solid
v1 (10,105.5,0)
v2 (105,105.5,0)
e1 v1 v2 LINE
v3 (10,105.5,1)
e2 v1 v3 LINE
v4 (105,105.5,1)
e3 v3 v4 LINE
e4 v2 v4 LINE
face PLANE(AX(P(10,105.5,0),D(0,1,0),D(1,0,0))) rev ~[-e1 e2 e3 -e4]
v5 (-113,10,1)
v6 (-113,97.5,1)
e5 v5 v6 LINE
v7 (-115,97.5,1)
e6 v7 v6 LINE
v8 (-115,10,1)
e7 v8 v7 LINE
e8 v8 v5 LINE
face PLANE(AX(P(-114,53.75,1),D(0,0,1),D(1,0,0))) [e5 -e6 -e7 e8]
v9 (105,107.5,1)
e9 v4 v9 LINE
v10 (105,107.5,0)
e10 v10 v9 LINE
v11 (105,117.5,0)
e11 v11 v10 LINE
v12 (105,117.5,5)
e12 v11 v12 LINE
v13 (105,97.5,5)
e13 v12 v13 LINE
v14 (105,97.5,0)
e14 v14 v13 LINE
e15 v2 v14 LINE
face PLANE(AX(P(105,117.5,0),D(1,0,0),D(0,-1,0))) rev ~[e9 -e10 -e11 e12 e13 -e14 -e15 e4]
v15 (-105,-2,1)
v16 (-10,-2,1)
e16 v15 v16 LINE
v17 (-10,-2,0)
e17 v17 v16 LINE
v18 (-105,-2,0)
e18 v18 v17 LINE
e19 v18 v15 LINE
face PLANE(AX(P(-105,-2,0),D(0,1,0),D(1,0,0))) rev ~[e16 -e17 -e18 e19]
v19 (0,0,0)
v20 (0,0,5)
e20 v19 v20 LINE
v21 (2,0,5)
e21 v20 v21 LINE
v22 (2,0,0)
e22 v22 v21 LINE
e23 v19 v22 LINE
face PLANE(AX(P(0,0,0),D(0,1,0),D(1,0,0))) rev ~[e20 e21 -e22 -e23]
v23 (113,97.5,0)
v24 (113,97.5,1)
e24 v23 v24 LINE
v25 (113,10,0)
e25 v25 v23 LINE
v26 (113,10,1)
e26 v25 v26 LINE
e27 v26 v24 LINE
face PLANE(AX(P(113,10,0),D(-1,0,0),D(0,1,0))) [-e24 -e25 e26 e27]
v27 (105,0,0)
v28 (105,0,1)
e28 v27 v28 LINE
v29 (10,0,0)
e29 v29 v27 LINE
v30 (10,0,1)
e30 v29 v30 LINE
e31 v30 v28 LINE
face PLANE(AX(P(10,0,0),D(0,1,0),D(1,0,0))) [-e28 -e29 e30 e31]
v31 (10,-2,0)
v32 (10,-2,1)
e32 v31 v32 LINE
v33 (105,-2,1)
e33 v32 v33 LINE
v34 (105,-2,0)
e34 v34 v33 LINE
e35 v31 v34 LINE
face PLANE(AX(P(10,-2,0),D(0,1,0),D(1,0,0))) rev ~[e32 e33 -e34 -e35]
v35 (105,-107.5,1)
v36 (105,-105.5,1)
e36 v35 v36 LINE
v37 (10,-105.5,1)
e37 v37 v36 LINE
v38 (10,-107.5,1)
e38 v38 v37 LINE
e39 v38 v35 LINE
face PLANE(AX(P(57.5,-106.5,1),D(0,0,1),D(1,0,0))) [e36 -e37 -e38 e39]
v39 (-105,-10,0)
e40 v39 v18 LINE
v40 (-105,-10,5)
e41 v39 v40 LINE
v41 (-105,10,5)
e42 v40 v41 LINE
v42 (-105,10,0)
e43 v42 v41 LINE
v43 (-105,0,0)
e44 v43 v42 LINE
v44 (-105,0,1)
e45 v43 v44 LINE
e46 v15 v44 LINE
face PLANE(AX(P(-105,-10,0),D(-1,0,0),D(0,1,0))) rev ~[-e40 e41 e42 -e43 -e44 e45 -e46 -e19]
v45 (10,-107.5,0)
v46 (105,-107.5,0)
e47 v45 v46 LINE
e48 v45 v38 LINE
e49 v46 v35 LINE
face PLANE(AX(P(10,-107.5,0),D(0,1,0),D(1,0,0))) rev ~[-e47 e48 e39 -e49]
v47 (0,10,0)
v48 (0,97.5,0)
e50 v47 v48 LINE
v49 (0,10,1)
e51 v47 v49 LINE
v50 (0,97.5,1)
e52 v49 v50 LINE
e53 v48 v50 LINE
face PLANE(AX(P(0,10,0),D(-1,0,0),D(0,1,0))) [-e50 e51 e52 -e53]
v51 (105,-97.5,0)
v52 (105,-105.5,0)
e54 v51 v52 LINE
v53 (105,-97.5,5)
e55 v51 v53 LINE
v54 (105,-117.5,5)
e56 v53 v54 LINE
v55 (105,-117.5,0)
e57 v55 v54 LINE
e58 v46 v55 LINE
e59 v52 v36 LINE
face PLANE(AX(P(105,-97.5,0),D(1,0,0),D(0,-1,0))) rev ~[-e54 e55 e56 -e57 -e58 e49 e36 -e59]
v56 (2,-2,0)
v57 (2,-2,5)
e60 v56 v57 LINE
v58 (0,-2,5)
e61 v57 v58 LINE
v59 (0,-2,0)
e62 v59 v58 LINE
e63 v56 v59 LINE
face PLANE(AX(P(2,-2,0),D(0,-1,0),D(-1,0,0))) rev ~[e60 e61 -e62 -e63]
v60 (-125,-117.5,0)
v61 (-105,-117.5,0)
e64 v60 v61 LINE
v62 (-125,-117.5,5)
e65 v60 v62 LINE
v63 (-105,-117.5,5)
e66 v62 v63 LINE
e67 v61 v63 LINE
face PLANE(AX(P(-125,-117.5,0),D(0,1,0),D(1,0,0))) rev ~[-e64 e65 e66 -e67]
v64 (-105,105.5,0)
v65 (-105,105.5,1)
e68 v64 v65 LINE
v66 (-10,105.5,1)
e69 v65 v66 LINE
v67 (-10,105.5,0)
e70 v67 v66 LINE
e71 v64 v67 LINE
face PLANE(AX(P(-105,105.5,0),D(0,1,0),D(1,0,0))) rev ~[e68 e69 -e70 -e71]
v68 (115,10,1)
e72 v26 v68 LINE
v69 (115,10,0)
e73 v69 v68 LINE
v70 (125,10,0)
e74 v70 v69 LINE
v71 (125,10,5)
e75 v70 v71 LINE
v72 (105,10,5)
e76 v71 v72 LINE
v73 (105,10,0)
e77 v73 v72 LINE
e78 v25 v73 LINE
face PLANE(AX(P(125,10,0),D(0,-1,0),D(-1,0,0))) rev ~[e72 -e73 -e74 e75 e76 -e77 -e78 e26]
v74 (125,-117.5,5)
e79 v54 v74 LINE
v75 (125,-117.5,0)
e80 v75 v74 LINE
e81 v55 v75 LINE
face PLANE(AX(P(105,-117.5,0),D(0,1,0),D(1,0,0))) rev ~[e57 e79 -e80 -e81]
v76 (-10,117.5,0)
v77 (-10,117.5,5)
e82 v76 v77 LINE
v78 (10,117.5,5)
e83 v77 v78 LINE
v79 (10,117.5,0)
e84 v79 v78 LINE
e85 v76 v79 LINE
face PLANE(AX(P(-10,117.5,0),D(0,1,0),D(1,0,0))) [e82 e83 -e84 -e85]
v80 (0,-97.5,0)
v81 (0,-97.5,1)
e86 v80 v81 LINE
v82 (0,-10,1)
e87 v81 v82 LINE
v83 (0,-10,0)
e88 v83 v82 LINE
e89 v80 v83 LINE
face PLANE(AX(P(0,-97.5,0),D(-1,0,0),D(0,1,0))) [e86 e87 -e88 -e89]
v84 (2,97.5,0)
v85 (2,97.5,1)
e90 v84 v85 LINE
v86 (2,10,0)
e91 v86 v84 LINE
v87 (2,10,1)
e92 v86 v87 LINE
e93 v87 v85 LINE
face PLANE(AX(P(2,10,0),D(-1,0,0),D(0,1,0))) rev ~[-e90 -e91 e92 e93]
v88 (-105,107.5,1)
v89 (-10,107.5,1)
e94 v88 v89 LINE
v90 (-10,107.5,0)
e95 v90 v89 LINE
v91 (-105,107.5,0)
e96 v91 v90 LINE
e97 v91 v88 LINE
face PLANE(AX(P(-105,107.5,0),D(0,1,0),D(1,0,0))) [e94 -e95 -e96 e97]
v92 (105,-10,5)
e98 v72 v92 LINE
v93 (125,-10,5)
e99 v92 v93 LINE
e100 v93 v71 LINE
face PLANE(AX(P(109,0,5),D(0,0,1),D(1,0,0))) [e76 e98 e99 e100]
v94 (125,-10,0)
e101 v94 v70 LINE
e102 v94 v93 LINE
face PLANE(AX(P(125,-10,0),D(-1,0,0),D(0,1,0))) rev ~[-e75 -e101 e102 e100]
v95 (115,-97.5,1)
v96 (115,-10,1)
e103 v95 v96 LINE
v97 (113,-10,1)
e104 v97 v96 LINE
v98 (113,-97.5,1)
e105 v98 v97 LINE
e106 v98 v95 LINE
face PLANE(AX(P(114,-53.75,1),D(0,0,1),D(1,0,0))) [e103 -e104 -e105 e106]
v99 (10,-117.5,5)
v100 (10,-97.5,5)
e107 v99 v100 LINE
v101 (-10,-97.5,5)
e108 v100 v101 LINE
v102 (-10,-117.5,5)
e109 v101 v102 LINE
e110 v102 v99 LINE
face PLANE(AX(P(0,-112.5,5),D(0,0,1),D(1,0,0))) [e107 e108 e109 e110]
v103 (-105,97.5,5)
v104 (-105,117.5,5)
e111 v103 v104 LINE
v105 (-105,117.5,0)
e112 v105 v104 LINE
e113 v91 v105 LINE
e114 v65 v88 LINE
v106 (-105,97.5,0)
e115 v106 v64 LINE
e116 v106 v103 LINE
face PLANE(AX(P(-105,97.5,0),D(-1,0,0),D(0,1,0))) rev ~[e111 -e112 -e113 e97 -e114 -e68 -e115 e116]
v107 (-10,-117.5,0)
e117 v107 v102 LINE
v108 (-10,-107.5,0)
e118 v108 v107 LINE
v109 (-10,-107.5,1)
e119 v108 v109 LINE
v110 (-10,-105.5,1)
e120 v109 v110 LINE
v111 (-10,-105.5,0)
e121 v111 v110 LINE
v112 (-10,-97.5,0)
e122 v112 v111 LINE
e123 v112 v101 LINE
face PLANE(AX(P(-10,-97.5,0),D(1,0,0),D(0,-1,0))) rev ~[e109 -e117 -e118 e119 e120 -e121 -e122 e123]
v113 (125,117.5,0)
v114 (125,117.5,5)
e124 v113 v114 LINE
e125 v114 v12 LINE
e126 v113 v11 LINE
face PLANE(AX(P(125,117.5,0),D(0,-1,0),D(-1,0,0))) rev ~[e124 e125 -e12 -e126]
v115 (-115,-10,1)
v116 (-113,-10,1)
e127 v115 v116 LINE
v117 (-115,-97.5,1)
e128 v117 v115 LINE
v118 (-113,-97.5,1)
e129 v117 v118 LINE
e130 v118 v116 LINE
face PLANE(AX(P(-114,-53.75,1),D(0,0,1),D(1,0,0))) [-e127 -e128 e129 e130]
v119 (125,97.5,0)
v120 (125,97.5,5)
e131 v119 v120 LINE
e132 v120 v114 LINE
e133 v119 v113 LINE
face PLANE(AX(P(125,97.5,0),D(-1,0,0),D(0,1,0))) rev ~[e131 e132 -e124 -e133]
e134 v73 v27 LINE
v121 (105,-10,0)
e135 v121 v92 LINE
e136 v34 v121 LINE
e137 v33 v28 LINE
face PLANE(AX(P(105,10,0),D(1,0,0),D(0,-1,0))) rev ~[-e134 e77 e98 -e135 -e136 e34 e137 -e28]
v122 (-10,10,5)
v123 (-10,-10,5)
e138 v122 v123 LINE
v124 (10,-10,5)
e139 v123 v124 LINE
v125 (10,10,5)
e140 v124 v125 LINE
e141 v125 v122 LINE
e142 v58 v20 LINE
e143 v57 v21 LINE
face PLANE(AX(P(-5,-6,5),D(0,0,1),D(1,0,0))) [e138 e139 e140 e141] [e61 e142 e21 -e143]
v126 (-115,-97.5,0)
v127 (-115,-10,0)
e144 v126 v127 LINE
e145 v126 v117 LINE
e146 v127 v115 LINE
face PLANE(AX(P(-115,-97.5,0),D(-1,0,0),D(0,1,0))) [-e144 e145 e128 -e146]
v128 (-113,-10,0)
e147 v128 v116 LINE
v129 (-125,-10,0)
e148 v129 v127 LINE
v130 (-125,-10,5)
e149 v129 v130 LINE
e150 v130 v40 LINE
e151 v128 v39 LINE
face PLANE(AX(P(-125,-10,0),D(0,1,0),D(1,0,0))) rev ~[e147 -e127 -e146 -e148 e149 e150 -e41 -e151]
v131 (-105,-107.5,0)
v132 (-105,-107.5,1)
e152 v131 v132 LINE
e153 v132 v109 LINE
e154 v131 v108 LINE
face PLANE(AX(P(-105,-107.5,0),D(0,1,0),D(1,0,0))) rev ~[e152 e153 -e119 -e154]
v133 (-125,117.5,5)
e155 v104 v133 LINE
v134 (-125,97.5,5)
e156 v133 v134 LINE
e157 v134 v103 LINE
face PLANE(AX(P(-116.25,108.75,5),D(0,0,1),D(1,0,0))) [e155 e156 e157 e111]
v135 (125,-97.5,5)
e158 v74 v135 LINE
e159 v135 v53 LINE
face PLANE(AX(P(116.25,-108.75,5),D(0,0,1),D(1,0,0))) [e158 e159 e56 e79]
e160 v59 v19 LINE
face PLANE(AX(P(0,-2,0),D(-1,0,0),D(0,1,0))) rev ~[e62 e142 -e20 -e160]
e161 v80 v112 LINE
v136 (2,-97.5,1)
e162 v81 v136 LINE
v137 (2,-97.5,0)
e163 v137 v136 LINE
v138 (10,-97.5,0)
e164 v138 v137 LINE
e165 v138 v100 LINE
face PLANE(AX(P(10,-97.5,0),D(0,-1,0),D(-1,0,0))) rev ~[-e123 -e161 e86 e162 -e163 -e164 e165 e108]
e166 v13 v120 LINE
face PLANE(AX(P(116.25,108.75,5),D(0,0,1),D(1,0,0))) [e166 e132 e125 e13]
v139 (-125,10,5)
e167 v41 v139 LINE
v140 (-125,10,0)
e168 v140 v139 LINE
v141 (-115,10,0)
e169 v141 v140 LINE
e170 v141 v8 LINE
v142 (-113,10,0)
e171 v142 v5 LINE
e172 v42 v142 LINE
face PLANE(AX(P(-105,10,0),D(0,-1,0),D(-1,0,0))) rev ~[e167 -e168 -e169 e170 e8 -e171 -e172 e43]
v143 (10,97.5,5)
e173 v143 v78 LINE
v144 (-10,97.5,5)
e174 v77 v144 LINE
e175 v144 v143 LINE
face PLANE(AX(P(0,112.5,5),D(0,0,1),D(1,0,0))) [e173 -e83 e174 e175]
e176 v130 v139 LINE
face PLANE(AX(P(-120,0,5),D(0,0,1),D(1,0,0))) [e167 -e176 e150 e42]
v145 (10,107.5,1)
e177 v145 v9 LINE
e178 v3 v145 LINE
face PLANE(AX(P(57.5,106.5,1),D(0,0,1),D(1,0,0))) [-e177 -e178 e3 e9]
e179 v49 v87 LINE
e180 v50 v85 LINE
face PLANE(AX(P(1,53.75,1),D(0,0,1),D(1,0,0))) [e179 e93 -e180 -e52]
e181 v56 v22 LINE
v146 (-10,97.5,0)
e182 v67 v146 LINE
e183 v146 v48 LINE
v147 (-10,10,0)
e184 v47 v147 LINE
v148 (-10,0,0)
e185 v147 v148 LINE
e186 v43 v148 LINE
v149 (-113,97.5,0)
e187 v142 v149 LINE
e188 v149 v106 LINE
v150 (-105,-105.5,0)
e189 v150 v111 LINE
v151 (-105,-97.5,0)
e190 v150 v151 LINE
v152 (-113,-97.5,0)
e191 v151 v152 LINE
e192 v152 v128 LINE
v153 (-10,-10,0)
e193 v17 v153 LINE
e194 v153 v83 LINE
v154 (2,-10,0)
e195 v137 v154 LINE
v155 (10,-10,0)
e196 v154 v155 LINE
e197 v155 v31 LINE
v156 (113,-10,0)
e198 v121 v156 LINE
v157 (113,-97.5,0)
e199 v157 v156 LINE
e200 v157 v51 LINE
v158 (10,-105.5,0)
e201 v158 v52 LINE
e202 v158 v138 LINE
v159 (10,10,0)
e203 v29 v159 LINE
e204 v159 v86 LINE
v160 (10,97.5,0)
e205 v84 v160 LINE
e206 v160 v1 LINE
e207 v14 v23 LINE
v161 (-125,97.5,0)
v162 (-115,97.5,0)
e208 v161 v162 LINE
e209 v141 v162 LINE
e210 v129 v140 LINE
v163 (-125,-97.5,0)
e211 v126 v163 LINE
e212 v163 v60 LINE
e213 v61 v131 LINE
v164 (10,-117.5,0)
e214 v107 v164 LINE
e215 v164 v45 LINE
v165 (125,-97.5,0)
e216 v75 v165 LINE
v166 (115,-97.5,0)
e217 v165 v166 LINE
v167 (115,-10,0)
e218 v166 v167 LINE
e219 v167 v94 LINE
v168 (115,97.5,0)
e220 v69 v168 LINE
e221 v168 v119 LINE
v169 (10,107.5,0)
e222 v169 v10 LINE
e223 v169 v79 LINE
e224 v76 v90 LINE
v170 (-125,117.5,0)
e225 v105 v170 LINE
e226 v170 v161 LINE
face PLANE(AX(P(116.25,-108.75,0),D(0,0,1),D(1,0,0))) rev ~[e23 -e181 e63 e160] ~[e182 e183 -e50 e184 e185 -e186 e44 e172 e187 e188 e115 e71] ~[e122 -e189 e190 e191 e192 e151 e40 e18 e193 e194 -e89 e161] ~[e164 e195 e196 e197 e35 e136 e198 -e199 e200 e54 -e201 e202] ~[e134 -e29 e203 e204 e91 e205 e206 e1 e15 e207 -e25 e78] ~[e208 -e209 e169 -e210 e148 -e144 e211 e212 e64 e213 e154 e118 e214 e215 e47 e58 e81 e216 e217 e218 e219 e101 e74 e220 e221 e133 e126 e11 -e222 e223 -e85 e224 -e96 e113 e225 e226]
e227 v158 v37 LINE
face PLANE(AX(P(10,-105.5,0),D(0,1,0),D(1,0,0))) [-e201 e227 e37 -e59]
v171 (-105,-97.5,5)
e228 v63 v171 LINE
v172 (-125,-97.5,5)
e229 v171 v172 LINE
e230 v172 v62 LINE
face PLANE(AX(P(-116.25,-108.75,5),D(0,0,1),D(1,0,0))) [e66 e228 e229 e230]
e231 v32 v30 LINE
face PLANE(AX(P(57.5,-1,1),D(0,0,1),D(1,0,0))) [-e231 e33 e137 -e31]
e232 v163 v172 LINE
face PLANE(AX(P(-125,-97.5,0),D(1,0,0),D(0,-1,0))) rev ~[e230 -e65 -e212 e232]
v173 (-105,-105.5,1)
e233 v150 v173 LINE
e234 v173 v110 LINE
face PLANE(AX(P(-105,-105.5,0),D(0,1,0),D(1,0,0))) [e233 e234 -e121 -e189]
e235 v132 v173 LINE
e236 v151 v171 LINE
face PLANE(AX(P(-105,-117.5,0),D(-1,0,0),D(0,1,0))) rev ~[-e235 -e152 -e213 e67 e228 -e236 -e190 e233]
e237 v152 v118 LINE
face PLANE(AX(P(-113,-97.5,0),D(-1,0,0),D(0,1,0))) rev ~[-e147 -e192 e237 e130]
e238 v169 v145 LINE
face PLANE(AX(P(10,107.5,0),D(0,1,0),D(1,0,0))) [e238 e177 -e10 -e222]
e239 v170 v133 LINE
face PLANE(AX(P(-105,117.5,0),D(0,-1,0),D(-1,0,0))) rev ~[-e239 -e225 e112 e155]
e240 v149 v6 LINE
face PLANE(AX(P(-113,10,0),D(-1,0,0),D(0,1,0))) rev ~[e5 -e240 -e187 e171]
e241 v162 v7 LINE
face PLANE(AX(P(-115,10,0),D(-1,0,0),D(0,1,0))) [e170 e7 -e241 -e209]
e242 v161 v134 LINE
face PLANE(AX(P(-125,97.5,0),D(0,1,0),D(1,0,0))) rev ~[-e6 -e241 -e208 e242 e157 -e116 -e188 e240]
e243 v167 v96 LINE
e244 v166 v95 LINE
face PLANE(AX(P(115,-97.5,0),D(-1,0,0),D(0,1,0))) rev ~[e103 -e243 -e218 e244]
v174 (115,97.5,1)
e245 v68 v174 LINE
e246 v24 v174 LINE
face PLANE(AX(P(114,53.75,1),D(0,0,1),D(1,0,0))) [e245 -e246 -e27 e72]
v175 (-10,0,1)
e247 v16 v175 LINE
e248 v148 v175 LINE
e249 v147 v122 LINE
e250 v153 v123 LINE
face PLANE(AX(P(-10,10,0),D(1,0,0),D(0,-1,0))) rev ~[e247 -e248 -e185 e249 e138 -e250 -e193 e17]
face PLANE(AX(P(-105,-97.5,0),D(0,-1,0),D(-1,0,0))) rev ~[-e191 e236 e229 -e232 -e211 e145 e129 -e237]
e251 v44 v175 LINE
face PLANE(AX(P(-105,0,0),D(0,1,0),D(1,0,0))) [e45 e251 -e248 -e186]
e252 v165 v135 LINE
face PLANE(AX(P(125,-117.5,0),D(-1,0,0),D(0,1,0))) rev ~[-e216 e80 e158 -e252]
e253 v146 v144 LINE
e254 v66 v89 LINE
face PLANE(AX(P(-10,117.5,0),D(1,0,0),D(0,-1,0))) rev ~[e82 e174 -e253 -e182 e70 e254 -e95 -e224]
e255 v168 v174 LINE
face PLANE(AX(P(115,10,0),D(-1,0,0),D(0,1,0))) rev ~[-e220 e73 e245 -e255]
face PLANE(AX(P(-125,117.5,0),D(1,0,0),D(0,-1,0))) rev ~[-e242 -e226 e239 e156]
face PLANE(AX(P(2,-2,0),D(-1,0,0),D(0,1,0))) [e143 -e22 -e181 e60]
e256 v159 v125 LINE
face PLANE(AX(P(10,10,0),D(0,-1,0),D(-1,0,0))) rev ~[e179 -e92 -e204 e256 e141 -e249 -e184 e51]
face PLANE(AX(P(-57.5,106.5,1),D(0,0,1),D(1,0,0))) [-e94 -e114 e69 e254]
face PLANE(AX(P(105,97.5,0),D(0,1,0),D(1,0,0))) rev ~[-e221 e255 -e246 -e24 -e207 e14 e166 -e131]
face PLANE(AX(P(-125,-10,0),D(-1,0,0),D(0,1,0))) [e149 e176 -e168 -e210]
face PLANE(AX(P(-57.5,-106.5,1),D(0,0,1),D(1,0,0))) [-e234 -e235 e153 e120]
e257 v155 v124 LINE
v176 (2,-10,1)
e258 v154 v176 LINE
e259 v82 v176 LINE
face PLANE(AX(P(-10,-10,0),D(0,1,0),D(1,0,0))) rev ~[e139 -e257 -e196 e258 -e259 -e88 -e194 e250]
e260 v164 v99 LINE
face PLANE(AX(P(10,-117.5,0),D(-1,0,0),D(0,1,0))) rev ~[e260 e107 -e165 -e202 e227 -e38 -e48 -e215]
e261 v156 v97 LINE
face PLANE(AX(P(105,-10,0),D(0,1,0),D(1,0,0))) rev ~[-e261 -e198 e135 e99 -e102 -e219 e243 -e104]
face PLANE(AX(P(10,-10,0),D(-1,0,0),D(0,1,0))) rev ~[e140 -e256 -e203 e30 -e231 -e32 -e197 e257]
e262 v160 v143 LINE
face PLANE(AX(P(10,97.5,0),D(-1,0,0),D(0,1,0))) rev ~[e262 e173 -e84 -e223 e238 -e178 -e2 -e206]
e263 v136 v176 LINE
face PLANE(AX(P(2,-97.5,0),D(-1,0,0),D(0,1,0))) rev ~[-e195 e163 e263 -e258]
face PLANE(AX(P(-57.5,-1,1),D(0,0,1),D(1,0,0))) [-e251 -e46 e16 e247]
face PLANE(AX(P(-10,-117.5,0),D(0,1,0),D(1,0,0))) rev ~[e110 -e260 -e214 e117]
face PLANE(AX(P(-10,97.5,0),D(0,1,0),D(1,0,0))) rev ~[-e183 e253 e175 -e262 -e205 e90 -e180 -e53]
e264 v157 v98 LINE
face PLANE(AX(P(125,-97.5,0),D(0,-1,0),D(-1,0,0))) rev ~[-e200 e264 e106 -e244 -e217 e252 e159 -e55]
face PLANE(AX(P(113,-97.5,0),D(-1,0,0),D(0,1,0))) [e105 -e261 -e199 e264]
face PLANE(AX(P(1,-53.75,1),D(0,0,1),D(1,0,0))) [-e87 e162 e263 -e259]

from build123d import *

# Parameters (mm, degrees)
F2_W     = 8
F2_H     = 8
F3_DEPTH = 5
F2_W_2   = 20
F2_H_2   = 10
F2_H_3   = 2
F2_W_3   = 10
F2_H_4   = 20
F2_W_4   = 2
F2_W_5   = 95
F2_H_5   = 87.5
F4_DEPTH = 1


with BuildPart() as f3:
    # F2 (on Top) → F3 (new body)
    with BuildSketch(Plane.XY):
        Polygon((-105, 117.5), (-125, 117.5), (-125, 97.5), (-115, 97.5), (-115, 107.5), (-105, 107.5), align=None)
        Polygon((-105, 105.5), (-105, 107.5), (-115, 107.5), (-115, 97.5), (-113, 97.5), (-113, 105.5), align=None)
        with Locations((-109, 101.5)):
            Rectangle(F2_W, F2_H)
    extrude(amount=F3_DEPTH)



with BuildPart() as f3b:
    # F2 (on Top) → F3, piece 2 (new body)
    with BuildSketch(Plane.XY):
        with Locations((0, 112.5)):
            Rectangle(F2_W_2, F2_H_2)
        with Locations((0, 106.5)):
            Rectangle(F2_W_2, F2_H_3)
        Polygon((10, 105.5), (-10, 105.5), (-10, 97.5), (0, 97.5), (2, 97.5), (10, 97.5), align=None)
    extrude(amount=F3_DEPTH)


with BuildPart() as f3c:
    # F2 (on Top) → F3, piece 3 (new body)
    with BuildSketch(Plane.XY):
        Polygon((105, 117.5), (105, 107.5), (115, 107.5), (115, 97.5), (125, 97.5), (125, 117.5), align=None)
        Polygon((115, 107.5), (105, 107.5), (105, 105.5), (113, 105.5), (113, 97.5), (115, 97.5), align=None)
        with Locations((109, 101.5)):
            Rectangle(F2_W, F2_H)
    extrude(amount=F3_DEPTH)


with BuildPart() as f3d:
    # F2 (on Top) → F3, piece 4 (new body)
    with BuildSketch(Plane.XY):
        with Locations((-120, 0)):
            Rectangle(F2_W_3, F2_H_4)
        with Locations((-114, 0)):
            Rectangle(F2_W_4, F2_H_4)
        Polygon((-105, 10), (-113, 10), (-113, -10), (-105, -10), (-105, -2), (-105, 0), align=None)
    extrude(amount=F3_DEPTH)


with BuildPart() as f3e:
    # F2 (on Top) → F3, piece 5 (new body)
    with BuildSketch(Plane.XY):
        with Locations((-5, -6)):
            Rectangle(F2_W_3, F2_H)
        with Locations((-5, -1)):
            Rectangle(F2_W_3, F2_H_3)
        with Locations((-5, 5)):
            Rectangle(F2_W_3, F2_H_2)
        with Locations((6, 5)):
            Rectangle(F2_W, F2_H_2)
        with Locations((1, 5)):
            Rectangle(F2_W_4, F2_H_2)
        with Locations((1, -6)):
            Rectangle(F2_W_4, F2_H)
        with Locations((6, -6)):
            Rectangle(F2_W, F2_H)
        with Locations((6, -1)):
            Rectangle(F2_W, F2_H_3)
    extrude(amount=F3_DEPTH)


with BuildPart() as f3f:
    # F2 (on Top) → F3, piece 6 (new body)
    with BuildSketch(Plane.XY):
        Polygon((113, -10), (113, 10), (105, 10), (105, 0), (105, -2), (105, -10), align=None)
        with Locations((114, 0)):
            Rectangle(F2_W_4, F2_H_4)
        with Locations((120, 0)):
            Rectangle(F2_W_3, F2_H_4)
    extrude(amount=F3_DEPTH)


with BuildPart() as f3g:
    # F2 (on Top) → F3, piece 7 (new body)
    with BuildSketch(Plane.XY):
        Polygon((-115, -107.5), (-115, -97.5), (-125, -97.5), (-125, -117.5), (-105, -117.5), (-105, -107.5), align=None)
        Polygon((-113, -97.5), (-115, -97.5), (-115, -107.5), (-105, -107.5), (-105, -105.5), (-113, -105.5), align=None)
        with Locations((-109, -101.5)):
            Rectangle(F2_W, F2_H)
    extrude(amount=F3_DEPTH)


with BuildPart() as f3h:
    # F2 (on Top) → F3, piece 8 (new body)
    with BuildSketch(Plane.XY):
        with Locations((0, -112.5)):
            Rectangle(F2_W_2, F2_H_2)
        with Locations((0, -106.5)):
            Rectangle(F2_W_2, F2_H_3)
        Polygon((-10, -97.5), (-10, -105.5), (10, -105.5), (10, -97.5), (2, -97.5), (0, -97.5), align=None)
    extrude(amount=F3_DEPTH)


with BuildPart() as f3i:
    # F2 (on Top) → F3, piece 9 (new body)
    with BuildSketch(Plane.XY):
        Polygon((125, -97.5), (115, -97.5), (115, -107.5), (105, -107.5), (105, -117.5), (125, -117.5), align=None)
        Polygon((115, -107.5), (115, -97.5), (113, -97.5), (113, -105.5), (105, -105.5), (105, -107.5), align=None)
        with Locations((109, -101.5)):
            Rectangle(F2_W, F2_H)
    extrude(amount=F3_DEPTH)


with BuildPart() as f3_1:
    add(f3.part)

    add(f3b.part)  # F4 merges F3b

    add(f3c.part)  # F4 merges F3c

    add(f3d.part)  # F4 merges F3d

    add(f3e.part)  # F4 merges F3e

    add(f3f.part)  # F4 merges F3f

    add(f3g.part)  # F4 merges F3g

    add(f3h.part)  # F4 merges F3h

    add(f3i.part)  # F4 merges F3i
    # F2 (on Top) → F4 (join)
    with BuildSketch(Plane.XY):
        with Locations((-57.5, 106.5)):
            Rectangle(F2_W_5, F2_H_3)
        with Locations((57.5, 106.5)):
            Rectangle(F2_W_5, F2_H_3)
        with Locations((114, 53.75)):
            Rectangle(F2_W_4, F2_H_5)
        with Locations((114, -53.75)):
            Rectangle(F2_W_4, F2_H_5)
        with Locations((57.5, -106.5)):
            Rectangle(F2_W_5, F2_H_3)
        with Locations((-57.5, -106.5)):
            Rectangle(F2_W_5, F2_H_3)
        with Locations((-114, -53.75)):
            Rectangle(F2_W_4, F2_H_5)
        with Locations((-114, 53.75)):
            Rectangle(F2_W_4, F2_H_5)
        with Locations((1, 53.75)):
            Rectangle(F2_W_4, F2_H_5)
        with Locations((1, -53.75)):
            Rectangle(F2_W_4, F2_H_5)
        with Locations((-57.5, -1)):
            Rectangle(F2_W_5, F2_H_3)
        with Locations((57.5, -1)):
            Rectangle(F2_W_5, F2_H_3)
    extrude(amount=F4_DEPTH)


solid = f3_1.part
